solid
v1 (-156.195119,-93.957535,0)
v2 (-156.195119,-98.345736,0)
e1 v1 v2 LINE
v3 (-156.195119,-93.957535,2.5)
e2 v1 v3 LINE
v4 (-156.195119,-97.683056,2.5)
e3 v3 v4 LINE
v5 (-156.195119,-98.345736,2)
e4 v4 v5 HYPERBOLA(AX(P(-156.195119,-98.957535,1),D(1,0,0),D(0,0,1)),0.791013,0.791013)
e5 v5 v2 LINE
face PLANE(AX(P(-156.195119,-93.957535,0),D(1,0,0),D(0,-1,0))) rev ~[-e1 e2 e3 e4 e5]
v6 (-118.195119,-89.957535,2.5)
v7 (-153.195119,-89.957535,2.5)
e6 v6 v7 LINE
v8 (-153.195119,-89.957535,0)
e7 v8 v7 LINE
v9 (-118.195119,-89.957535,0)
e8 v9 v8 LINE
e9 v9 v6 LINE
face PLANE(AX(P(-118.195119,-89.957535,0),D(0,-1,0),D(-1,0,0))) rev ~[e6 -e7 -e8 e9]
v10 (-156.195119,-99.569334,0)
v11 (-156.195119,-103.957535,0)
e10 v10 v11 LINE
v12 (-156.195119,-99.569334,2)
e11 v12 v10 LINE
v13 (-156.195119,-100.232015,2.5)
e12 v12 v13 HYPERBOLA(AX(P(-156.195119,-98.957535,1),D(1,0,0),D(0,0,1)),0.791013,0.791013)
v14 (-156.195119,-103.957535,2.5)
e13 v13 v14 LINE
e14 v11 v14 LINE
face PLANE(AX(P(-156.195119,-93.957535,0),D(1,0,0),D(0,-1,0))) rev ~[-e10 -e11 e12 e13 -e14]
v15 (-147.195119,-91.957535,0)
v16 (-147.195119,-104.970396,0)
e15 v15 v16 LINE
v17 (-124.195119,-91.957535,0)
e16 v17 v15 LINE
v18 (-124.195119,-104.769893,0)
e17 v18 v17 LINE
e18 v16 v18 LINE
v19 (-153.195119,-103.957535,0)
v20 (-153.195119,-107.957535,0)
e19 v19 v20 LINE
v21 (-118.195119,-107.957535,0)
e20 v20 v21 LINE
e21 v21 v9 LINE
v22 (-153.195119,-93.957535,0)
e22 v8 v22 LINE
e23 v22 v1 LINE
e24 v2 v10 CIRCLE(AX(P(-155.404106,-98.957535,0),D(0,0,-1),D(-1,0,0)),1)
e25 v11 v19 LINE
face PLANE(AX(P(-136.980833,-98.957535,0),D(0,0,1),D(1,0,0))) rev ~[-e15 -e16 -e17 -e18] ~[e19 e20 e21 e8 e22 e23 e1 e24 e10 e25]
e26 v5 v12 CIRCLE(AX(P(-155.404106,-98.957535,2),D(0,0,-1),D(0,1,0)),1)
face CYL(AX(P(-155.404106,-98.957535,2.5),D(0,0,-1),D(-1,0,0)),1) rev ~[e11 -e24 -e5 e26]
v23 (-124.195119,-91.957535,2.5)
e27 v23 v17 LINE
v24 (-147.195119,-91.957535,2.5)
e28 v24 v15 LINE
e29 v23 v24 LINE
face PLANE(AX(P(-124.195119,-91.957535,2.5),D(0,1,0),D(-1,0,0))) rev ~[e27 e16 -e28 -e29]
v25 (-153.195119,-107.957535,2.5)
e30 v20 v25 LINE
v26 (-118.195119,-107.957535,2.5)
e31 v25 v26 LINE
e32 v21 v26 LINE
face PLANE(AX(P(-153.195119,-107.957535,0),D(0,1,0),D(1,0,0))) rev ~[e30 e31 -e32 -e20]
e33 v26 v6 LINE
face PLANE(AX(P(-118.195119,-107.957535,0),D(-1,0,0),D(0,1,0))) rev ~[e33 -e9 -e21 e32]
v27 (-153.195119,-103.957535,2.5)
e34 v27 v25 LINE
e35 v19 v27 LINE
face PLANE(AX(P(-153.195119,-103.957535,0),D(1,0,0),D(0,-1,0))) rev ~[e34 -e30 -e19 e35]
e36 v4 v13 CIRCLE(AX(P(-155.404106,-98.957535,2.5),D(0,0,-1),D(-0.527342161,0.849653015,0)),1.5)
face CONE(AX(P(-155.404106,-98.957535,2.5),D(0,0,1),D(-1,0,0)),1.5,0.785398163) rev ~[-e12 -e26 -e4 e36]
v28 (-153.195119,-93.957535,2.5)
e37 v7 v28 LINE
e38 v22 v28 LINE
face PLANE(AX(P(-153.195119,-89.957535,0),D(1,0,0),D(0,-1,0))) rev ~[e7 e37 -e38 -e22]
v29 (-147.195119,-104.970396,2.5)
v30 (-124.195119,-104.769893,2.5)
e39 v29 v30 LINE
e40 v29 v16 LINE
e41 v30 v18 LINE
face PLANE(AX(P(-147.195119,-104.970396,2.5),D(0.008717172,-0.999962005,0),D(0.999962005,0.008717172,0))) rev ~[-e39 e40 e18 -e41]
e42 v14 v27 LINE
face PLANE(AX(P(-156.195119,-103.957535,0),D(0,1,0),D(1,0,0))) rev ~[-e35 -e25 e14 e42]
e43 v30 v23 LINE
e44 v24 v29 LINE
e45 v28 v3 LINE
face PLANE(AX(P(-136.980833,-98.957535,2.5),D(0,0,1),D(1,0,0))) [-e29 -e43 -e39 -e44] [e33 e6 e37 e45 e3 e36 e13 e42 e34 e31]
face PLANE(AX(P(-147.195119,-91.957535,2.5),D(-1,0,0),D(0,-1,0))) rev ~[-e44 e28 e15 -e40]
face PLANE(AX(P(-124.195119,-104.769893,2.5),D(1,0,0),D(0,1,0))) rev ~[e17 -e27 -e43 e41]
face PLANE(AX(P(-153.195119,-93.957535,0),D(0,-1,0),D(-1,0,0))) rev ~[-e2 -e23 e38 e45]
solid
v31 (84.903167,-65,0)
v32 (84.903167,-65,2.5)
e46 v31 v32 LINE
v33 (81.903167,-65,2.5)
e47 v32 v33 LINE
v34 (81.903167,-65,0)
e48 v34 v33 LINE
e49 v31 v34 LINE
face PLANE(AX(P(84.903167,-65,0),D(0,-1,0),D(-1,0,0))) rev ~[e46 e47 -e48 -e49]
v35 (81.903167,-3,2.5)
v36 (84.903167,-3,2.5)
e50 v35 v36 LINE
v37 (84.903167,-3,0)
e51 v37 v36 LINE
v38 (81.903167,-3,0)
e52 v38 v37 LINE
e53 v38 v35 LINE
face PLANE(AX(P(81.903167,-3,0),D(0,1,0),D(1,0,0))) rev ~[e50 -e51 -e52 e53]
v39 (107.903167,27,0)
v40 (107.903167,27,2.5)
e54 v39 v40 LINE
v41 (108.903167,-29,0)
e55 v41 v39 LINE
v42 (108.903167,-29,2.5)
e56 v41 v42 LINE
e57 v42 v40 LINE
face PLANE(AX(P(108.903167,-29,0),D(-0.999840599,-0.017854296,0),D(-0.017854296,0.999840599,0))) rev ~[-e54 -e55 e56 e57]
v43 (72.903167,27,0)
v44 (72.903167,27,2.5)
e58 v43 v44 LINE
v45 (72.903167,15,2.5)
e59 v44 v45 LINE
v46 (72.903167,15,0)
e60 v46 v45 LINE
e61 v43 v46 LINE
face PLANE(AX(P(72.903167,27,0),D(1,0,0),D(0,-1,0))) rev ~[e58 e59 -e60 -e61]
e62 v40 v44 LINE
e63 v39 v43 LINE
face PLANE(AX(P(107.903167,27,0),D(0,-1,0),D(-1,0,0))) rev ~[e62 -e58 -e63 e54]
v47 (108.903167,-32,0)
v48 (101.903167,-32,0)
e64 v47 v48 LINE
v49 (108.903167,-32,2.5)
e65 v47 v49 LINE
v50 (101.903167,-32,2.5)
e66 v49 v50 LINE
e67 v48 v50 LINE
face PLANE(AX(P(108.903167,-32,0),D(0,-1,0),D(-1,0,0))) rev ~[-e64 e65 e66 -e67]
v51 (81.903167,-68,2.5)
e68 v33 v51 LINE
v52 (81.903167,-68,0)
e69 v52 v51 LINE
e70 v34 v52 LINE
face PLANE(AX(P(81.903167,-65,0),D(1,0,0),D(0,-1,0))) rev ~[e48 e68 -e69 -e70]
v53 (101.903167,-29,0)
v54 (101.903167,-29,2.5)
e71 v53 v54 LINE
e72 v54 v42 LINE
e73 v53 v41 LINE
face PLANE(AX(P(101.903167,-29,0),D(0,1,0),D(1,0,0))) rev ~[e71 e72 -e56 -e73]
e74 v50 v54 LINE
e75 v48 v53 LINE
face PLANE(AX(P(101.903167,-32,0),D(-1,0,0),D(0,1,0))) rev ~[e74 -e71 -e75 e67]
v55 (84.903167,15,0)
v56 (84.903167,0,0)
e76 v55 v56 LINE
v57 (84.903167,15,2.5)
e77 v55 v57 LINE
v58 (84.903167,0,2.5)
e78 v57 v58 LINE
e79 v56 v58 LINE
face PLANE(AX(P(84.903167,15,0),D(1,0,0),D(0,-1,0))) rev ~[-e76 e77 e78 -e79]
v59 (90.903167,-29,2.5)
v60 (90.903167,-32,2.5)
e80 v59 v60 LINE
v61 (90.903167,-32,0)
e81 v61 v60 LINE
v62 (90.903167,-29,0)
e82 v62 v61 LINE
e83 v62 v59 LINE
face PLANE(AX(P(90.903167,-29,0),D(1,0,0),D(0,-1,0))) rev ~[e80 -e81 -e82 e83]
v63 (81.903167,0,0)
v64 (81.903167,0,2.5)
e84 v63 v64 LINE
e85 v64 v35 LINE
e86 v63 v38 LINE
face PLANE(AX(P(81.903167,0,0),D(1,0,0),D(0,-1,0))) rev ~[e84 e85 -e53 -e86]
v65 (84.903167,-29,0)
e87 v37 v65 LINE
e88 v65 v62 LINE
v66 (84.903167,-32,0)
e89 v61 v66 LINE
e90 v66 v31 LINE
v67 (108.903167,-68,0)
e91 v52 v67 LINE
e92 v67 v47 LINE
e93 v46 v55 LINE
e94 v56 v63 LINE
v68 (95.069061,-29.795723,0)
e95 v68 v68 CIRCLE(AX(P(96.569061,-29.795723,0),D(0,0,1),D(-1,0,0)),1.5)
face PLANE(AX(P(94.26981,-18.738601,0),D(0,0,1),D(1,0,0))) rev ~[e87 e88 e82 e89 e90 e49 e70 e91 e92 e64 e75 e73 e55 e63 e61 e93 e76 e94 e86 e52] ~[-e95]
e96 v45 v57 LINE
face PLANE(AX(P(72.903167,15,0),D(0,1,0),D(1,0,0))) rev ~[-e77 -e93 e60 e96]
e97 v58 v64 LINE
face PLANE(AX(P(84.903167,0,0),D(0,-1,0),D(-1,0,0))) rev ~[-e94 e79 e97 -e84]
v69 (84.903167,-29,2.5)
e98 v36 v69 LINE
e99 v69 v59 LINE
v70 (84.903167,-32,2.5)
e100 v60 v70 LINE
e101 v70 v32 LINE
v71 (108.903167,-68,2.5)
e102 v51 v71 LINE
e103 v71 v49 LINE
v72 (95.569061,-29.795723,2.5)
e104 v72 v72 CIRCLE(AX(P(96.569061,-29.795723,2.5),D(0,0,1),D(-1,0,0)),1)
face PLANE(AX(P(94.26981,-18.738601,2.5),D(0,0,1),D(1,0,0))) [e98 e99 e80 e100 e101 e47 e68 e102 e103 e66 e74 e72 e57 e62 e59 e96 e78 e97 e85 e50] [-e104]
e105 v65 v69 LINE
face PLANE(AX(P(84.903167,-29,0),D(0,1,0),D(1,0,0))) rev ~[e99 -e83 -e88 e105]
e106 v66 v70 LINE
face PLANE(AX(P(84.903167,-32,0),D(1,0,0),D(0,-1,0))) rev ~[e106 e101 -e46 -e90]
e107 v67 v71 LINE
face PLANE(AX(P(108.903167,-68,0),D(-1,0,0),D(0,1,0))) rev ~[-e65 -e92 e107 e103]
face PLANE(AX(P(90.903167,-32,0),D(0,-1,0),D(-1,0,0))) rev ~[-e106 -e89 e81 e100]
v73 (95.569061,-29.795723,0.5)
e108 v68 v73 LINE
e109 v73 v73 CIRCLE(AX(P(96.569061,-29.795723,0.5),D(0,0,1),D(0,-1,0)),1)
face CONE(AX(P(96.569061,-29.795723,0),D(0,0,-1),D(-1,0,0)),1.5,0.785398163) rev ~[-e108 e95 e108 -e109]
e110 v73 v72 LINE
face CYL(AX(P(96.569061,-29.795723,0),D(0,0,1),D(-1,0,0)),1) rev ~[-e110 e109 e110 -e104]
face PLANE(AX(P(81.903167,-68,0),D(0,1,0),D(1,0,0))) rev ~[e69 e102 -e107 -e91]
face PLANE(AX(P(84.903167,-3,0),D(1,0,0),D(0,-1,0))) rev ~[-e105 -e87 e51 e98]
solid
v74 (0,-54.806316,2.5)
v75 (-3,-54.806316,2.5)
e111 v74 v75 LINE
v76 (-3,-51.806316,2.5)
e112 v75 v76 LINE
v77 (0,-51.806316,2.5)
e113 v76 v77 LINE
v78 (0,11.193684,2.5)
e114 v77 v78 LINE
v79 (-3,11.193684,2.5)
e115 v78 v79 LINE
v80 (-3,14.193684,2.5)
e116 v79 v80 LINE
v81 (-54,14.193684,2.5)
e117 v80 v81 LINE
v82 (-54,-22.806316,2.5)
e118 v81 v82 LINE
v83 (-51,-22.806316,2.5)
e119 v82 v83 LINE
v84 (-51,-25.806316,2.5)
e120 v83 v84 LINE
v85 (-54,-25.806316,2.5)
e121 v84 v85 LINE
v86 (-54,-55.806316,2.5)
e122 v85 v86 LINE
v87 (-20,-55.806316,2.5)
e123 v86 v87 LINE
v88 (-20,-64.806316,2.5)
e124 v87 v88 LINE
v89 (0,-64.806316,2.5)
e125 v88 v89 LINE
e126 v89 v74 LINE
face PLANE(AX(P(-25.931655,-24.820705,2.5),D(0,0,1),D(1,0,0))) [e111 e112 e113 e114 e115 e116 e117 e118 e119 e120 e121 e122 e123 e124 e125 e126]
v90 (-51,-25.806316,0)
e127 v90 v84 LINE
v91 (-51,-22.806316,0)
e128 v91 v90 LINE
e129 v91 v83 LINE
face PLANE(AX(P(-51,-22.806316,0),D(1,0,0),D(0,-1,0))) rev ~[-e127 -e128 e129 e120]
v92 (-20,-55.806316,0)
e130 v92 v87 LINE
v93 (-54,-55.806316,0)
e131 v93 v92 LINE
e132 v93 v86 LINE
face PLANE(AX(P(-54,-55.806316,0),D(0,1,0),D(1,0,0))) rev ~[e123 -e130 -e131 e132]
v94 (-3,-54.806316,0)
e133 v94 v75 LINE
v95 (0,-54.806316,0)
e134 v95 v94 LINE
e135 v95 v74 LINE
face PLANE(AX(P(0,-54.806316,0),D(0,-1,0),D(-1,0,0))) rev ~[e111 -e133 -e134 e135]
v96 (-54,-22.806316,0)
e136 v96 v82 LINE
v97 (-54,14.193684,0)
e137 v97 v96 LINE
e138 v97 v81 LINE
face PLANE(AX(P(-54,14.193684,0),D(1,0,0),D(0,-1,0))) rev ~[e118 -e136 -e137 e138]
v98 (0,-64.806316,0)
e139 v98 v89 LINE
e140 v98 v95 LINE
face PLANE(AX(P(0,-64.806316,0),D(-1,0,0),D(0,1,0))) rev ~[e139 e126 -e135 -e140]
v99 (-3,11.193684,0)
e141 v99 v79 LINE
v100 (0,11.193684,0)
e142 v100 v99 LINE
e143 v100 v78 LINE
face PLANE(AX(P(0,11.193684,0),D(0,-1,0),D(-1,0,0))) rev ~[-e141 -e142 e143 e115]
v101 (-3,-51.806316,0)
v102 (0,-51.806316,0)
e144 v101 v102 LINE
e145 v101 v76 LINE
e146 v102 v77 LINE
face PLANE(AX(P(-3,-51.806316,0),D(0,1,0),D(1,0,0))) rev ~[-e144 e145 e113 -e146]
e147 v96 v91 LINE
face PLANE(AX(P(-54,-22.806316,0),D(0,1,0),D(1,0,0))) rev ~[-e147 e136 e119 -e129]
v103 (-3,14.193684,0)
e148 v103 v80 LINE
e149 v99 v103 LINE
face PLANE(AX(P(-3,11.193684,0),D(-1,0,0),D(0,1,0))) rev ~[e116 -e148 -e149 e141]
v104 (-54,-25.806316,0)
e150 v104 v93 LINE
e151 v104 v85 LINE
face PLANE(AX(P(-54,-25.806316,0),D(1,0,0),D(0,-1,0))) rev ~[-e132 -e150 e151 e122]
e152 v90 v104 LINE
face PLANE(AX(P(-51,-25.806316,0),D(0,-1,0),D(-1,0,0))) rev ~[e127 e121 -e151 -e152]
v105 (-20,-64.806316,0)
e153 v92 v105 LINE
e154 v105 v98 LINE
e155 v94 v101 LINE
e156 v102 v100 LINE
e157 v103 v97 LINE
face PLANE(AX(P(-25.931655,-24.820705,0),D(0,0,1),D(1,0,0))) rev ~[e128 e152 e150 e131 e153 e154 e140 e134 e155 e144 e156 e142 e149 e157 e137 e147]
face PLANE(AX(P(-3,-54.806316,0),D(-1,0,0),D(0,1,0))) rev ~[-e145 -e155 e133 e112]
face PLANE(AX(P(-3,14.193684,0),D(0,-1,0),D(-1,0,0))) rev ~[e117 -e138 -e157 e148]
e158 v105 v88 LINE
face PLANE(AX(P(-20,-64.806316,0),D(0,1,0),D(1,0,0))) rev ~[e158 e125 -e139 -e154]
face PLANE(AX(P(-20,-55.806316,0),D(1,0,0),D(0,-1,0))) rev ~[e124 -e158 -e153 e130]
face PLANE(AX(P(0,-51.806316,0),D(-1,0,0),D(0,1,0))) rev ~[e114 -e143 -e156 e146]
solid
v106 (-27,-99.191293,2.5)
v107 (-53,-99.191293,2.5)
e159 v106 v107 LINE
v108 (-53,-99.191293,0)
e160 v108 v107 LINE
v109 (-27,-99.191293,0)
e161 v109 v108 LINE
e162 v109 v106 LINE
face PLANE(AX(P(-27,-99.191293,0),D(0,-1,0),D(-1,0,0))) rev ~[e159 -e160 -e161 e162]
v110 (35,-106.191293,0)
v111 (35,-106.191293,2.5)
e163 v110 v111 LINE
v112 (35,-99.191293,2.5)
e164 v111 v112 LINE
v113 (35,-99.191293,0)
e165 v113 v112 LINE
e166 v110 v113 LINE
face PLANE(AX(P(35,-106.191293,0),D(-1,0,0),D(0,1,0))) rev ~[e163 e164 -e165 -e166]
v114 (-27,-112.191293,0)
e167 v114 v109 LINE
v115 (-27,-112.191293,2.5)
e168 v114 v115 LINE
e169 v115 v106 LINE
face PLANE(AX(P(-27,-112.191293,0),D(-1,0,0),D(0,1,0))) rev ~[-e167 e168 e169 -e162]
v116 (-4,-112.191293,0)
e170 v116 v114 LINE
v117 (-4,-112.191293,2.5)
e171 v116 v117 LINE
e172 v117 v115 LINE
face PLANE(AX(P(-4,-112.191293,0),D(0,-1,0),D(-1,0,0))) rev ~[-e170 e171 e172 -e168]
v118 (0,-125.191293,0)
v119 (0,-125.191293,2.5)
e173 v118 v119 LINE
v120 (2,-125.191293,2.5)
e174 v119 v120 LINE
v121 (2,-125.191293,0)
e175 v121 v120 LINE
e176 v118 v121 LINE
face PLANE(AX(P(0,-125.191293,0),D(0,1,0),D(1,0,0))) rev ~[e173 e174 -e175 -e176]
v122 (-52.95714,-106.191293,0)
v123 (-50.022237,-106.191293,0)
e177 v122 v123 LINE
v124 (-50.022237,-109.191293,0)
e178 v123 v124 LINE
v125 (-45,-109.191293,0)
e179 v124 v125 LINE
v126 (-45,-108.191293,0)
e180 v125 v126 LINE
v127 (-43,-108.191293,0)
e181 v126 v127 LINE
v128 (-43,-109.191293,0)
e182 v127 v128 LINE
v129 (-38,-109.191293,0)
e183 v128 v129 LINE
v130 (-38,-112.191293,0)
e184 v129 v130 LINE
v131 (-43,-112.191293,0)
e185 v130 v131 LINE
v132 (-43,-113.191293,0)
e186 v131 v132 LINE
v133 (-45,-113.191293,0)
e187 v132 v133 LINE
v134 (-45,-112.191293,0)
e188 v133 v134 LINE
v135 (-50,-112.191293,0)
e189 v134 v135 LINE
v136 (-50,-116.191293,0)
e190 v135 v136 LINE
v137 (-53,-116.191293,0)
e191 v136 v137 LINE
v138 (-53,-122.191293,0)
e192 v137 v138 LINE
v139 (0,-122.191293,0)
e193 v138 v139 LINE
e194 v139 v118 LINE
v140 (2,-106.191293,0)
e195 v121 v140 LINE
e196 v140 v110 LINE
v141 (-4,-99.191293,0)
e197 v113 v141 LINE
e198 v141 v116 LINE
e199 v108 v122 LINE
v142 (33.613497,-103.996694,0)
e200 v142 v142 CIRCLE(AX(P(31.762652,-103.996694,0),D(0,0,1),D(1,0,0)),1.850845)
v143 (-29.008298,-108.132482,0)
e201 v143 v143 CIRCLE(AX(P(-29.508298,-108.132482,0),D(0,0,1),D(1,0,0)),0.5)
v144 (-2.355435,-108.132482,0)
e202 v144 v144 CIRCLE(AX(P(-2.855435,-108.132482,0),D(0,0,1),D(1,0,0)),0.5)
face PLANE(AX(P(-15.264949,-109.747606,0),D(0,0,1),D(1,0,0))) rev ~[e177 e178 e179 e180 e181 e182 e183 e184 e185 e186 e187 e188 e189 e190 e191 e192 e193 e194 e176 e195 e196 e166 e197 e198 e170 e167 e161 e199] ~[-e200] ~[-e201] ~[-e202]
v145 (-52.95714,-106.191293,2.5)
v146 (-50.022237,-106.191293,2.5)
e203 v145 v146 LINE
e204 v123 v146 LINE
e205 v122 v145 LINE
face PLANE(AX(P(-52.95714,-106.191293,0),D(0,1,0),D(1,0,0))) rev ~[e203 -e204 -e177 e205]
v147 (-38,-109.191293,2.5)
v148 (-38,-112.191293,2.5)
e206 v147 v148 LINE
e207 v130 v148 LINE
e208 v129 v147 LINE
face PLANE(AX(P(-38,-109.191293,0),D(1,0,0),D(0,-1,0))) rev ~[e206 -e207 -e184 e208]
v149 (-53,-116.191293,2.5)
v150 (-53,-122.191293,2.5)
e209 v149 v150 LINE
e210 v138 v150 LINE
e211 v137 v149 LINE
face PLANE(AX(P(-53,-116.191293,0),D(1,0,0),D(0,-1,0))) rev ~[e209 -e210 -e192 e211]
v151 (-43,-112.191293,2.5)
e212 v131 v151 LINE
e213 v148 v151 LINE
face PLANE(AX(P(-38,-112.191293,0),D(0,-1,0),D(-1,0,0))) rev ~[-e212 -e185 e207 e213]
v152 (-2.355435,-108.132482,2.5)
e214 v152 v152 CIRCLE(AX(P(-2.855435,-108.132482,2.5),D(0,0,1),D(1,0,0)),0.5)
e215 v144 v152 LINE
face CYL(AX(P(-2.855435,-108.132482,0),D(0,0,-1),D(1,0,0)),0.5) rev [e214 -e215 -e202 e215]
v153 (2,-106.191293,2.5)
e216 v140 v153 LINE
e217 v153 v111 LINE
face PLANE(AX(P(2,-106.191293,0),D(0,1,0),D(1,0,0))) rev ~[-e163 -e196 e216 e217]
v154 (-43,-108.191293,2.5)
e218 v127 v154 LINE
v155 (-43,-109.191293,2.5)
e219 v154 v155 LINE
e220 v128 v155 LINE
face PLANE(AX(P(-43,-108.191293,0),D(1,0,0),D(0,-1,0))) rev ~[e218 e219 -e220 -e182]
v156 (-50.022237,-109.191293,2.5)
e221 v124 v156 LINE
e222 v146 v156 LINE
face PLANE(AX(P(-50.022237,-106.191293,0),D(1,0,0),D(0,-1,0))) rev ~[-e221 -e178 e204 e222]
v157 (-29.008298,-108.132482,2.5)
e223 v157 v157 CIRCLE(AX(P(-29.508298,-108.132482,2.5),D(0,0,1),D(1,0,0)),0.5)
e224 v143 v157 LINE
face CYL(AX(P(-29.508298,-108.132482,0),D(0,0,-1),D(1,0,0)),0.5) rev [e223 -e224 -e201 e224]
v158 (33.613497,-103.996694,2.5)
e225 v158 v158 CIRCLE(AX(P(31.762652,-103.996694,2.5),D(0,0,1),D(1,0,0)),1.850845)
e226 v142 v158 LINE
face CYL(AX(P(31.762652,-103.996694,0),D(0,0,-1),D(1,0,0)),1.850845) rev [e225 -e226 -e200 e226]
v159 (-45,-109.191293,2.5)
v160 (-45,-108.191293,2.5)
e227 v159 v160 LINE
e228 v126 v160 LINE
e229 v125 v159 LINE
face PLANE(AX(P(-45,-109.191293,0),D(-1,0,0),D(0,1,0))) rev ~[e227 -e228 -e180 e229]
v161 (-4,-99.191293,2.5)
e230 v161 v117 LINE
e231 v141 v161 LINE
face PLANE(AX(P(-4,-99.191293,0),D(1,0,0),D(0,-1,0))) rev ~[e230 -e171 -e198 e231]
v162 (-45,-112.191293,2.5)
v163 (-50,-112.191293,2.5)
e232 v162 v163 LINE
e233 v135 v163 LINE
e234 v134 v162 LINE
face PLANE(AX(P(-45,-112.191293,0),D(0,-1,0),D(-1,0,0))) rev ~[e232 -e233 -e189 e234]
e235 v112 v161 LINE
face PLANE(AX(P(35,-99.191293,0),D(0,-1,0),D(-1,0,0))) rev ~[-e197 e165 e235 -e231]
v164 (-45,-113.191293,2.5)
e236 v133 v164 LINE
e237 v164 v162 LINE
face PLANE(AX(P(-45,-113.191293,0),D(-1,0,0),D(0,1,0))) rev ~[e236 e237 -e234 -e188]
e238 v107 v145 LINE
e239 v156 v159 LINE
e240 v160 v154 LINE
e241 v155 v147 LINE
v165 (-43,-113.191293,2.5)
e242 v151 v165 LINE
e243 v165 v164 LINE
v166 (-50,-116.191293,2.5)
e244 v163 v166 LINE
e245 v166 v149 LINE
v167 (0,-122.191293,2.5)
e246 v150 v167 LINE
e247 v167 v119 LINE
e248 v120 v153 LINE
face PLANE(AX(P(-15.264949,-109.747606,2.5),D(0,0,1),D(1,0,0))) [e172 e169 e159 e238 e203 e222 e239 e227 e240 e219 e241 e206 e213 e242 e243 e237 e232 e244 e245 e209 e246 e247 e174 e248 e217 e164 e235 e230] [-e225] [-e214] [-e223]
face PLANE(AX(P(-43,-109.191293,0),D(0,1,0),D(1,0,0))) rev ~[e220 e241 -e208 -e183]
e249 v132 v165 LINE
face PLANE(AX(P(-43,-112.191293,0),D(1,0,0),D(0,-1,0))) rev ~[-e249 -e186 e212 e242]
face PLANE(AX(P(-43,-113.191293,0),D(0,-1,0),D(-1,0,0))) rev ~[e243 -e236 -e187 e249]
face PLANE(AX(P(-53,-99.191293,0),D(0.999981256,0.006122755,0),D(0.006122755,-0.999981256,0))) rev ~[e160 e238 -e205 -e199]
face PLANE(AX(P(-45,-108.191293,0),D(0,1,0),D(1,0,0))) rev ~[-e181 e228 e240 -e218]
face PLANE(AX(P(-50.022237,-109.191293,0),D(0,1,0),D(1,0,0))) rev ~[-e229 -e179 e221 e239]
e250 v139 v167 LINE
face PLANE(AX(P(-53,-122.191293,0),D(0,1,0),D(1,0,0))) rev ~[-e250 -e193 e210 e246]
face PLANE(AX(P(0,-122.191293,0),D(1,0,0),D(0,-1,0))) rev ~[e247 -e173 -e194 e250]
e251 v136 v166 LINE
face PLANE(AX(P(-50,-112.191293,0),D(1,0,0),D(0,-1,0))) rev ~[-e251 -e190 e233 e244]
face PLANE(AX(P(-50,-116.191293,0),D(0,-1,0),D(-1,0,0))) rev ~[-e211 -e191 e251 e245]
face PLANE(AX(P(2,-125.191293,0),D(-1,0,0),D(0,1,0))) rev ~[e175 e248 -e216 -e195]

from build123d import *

# Parameters (mm, degrees)
F1_DEPTH       = 2.5
F3_DEPTH       = 2.5
F5_D           = 2
F5_CSINK_D     = 3
F5_CSINK_ANGLE = 90
F7_DEPTH       = 2.5
F9_D           = 2
F9_CSINK_D     = 3
F9_CSINK_ANGLE = 90
F11_DEPTH      = 2.5
F12_R          = 0.5
F12_R_2        = 1.8508453111
F13_DEPTH      = 2.5


with BuildPart() as f1:
    # F0 (on Top) → F1 (new body)
    with BuildSketch(Plane.XY):
        Polygon((-54, -25.8063164353), (-54, -55.8063164353), (-20, -55.8063164353), (-20, -64.8063164353), (0, -64.8063164353), (0, -54.8063164353), (-3, -54.8063164353), (-3, -51.8063164353), (0, -51.8063164353), (0, 11.1936835647), (-3, 11.1936835647), (-3, 14.1936835647), (-54, 14.1936835647), (-54, -22.8063164353), (-51, -22.8063164353), (-51, -25.8063164353), align=None)
    extrude(amount=F1_DEPTH)


with BuildPart() as f3:
    # F2 (on Top) → F3 (new body)
    with BuildSketch(Plane.XY):
        Polygon((108.903167069, -29), (107.903167069, 27), (72.903167069, 27), (72.903167069, 15), (84.903167069, 15), (84.903167069, 0), (81.903167069, 0), (81.903167069, -3), (84.903167069, -3), (84.903167069, -29), (90.903167069, -29), (90.903167069, -32), (84.903167069, -32), (84.903167069, -65), (81.903167069, -65), (81.903167069, -68), (108.903167069, -68), (108.903167069, -32), (101.903167069, -32), (101.903167069, -29), align=None)
    extrude(amount=F3_DEPTH)

    # F5 (through all)
    with Locations(Plane(origin=(0, 0, 0), x_dir=(1, 0, 0), z_dir=(0, 0, -1))):
        with Locations((96.5690612793, 29.7957230359)):
            CounterSinkHole(F5_D / 2, F5_CSINK_D / 2, counter_sink_angle=F5_CSINK_ANGLE)


with BuildPart() as f7:
    # F6 (on Top) → F7 (new body)
    with BuildSketch(Plane.XY):
        Polygon((-118.1951190233, -89.9575352669), (-153.1951190233, -89.9575352669), (-153.1951190233, -93.9575352669), (-156.1951190233, -93.9575352669), (-156.1951190233, -103.9575352669), (-153.1951190233, -103.9575352669), (-153.1951190233, -107.9575352669), (-118.1951190233, -107.9575352669), align=None)
    extrude(amount=F7_DEPTH)

    # F9 (through all)
    with Locations(Plane.XY.offset(2.5)):
        with Locations((-155.4041057825, -98.9575352669)):
            CounterSinkHole(F9_D / 2, F9_CSINK_D / 2, counter_sink_angle=F9_CSINK_ANGLE)

    # F10 (on face) → F11 (cut)
    with BuildSketch(Plane.XY.offset(2.5)):
        Polygon((-124.1951190233, -104.7698929906), (-124.1951190233, -93.0094867945), (-124.1951190233, -91.9575352669), (-147.1951190233, -91.9575352669), (-147.1951190233, -104.970395565), align=None)
    extrude(amount=-F11_DEPTH, mode=Mode.SUBTRACT)


with BuildPart() as f13:
    # F12 (on Top) → F13 (new body)
    with BuildSketch(Plane.XY):
        Polygon((-27, -99.1912931204), (-53, -99.1912931204), (-52.9571399093, -106.1912931204), (-50.0222370028, -106.1912931204), (-50.0222370028, -109.1912931204), (-45, -109.1912931204), (-45, -108.1912931204), (-43, -108.1912931204), (-43, -109.1912931204), (-38, -109.1912931204), (-38, -112.1912931204), (-43, -112.1912931204), (-43, -113.1912931204), (-45, -113.1912931204), (-45, -112.1912931204), (-50, -112.1912931204), (-50, -116.1912931204), (-53, -116.1912931204), (-53, -122.1912931204), (0, -122.1912931204), (0, -125.1912931204), (2, -125.1912931204), (2, -106.1912931204), (35, -106.1912931204), (35, -99.1912931204), (-4, -99.1912931204), (-4, -112.1912931204), (-27, -112.1912931204), align=None)
        with Locations((-29.508298263, -108.132481575)):
            Circle(F12_R, mode=Mode.SUBTRACT)
        with Locations((-2.8554352466, -108.132481575)):
            Circle(F12_R, mode=Mode.SUBTRACT)
        with Locations((31.7626520991, -103.996694088)):
            Circle(F12_R_2, mode=Mode.SUBTRACT)
    extrude(amount=F13_DEPTH)


solid = Compound([f1.part, f3.part, f7.part, f13.part])
